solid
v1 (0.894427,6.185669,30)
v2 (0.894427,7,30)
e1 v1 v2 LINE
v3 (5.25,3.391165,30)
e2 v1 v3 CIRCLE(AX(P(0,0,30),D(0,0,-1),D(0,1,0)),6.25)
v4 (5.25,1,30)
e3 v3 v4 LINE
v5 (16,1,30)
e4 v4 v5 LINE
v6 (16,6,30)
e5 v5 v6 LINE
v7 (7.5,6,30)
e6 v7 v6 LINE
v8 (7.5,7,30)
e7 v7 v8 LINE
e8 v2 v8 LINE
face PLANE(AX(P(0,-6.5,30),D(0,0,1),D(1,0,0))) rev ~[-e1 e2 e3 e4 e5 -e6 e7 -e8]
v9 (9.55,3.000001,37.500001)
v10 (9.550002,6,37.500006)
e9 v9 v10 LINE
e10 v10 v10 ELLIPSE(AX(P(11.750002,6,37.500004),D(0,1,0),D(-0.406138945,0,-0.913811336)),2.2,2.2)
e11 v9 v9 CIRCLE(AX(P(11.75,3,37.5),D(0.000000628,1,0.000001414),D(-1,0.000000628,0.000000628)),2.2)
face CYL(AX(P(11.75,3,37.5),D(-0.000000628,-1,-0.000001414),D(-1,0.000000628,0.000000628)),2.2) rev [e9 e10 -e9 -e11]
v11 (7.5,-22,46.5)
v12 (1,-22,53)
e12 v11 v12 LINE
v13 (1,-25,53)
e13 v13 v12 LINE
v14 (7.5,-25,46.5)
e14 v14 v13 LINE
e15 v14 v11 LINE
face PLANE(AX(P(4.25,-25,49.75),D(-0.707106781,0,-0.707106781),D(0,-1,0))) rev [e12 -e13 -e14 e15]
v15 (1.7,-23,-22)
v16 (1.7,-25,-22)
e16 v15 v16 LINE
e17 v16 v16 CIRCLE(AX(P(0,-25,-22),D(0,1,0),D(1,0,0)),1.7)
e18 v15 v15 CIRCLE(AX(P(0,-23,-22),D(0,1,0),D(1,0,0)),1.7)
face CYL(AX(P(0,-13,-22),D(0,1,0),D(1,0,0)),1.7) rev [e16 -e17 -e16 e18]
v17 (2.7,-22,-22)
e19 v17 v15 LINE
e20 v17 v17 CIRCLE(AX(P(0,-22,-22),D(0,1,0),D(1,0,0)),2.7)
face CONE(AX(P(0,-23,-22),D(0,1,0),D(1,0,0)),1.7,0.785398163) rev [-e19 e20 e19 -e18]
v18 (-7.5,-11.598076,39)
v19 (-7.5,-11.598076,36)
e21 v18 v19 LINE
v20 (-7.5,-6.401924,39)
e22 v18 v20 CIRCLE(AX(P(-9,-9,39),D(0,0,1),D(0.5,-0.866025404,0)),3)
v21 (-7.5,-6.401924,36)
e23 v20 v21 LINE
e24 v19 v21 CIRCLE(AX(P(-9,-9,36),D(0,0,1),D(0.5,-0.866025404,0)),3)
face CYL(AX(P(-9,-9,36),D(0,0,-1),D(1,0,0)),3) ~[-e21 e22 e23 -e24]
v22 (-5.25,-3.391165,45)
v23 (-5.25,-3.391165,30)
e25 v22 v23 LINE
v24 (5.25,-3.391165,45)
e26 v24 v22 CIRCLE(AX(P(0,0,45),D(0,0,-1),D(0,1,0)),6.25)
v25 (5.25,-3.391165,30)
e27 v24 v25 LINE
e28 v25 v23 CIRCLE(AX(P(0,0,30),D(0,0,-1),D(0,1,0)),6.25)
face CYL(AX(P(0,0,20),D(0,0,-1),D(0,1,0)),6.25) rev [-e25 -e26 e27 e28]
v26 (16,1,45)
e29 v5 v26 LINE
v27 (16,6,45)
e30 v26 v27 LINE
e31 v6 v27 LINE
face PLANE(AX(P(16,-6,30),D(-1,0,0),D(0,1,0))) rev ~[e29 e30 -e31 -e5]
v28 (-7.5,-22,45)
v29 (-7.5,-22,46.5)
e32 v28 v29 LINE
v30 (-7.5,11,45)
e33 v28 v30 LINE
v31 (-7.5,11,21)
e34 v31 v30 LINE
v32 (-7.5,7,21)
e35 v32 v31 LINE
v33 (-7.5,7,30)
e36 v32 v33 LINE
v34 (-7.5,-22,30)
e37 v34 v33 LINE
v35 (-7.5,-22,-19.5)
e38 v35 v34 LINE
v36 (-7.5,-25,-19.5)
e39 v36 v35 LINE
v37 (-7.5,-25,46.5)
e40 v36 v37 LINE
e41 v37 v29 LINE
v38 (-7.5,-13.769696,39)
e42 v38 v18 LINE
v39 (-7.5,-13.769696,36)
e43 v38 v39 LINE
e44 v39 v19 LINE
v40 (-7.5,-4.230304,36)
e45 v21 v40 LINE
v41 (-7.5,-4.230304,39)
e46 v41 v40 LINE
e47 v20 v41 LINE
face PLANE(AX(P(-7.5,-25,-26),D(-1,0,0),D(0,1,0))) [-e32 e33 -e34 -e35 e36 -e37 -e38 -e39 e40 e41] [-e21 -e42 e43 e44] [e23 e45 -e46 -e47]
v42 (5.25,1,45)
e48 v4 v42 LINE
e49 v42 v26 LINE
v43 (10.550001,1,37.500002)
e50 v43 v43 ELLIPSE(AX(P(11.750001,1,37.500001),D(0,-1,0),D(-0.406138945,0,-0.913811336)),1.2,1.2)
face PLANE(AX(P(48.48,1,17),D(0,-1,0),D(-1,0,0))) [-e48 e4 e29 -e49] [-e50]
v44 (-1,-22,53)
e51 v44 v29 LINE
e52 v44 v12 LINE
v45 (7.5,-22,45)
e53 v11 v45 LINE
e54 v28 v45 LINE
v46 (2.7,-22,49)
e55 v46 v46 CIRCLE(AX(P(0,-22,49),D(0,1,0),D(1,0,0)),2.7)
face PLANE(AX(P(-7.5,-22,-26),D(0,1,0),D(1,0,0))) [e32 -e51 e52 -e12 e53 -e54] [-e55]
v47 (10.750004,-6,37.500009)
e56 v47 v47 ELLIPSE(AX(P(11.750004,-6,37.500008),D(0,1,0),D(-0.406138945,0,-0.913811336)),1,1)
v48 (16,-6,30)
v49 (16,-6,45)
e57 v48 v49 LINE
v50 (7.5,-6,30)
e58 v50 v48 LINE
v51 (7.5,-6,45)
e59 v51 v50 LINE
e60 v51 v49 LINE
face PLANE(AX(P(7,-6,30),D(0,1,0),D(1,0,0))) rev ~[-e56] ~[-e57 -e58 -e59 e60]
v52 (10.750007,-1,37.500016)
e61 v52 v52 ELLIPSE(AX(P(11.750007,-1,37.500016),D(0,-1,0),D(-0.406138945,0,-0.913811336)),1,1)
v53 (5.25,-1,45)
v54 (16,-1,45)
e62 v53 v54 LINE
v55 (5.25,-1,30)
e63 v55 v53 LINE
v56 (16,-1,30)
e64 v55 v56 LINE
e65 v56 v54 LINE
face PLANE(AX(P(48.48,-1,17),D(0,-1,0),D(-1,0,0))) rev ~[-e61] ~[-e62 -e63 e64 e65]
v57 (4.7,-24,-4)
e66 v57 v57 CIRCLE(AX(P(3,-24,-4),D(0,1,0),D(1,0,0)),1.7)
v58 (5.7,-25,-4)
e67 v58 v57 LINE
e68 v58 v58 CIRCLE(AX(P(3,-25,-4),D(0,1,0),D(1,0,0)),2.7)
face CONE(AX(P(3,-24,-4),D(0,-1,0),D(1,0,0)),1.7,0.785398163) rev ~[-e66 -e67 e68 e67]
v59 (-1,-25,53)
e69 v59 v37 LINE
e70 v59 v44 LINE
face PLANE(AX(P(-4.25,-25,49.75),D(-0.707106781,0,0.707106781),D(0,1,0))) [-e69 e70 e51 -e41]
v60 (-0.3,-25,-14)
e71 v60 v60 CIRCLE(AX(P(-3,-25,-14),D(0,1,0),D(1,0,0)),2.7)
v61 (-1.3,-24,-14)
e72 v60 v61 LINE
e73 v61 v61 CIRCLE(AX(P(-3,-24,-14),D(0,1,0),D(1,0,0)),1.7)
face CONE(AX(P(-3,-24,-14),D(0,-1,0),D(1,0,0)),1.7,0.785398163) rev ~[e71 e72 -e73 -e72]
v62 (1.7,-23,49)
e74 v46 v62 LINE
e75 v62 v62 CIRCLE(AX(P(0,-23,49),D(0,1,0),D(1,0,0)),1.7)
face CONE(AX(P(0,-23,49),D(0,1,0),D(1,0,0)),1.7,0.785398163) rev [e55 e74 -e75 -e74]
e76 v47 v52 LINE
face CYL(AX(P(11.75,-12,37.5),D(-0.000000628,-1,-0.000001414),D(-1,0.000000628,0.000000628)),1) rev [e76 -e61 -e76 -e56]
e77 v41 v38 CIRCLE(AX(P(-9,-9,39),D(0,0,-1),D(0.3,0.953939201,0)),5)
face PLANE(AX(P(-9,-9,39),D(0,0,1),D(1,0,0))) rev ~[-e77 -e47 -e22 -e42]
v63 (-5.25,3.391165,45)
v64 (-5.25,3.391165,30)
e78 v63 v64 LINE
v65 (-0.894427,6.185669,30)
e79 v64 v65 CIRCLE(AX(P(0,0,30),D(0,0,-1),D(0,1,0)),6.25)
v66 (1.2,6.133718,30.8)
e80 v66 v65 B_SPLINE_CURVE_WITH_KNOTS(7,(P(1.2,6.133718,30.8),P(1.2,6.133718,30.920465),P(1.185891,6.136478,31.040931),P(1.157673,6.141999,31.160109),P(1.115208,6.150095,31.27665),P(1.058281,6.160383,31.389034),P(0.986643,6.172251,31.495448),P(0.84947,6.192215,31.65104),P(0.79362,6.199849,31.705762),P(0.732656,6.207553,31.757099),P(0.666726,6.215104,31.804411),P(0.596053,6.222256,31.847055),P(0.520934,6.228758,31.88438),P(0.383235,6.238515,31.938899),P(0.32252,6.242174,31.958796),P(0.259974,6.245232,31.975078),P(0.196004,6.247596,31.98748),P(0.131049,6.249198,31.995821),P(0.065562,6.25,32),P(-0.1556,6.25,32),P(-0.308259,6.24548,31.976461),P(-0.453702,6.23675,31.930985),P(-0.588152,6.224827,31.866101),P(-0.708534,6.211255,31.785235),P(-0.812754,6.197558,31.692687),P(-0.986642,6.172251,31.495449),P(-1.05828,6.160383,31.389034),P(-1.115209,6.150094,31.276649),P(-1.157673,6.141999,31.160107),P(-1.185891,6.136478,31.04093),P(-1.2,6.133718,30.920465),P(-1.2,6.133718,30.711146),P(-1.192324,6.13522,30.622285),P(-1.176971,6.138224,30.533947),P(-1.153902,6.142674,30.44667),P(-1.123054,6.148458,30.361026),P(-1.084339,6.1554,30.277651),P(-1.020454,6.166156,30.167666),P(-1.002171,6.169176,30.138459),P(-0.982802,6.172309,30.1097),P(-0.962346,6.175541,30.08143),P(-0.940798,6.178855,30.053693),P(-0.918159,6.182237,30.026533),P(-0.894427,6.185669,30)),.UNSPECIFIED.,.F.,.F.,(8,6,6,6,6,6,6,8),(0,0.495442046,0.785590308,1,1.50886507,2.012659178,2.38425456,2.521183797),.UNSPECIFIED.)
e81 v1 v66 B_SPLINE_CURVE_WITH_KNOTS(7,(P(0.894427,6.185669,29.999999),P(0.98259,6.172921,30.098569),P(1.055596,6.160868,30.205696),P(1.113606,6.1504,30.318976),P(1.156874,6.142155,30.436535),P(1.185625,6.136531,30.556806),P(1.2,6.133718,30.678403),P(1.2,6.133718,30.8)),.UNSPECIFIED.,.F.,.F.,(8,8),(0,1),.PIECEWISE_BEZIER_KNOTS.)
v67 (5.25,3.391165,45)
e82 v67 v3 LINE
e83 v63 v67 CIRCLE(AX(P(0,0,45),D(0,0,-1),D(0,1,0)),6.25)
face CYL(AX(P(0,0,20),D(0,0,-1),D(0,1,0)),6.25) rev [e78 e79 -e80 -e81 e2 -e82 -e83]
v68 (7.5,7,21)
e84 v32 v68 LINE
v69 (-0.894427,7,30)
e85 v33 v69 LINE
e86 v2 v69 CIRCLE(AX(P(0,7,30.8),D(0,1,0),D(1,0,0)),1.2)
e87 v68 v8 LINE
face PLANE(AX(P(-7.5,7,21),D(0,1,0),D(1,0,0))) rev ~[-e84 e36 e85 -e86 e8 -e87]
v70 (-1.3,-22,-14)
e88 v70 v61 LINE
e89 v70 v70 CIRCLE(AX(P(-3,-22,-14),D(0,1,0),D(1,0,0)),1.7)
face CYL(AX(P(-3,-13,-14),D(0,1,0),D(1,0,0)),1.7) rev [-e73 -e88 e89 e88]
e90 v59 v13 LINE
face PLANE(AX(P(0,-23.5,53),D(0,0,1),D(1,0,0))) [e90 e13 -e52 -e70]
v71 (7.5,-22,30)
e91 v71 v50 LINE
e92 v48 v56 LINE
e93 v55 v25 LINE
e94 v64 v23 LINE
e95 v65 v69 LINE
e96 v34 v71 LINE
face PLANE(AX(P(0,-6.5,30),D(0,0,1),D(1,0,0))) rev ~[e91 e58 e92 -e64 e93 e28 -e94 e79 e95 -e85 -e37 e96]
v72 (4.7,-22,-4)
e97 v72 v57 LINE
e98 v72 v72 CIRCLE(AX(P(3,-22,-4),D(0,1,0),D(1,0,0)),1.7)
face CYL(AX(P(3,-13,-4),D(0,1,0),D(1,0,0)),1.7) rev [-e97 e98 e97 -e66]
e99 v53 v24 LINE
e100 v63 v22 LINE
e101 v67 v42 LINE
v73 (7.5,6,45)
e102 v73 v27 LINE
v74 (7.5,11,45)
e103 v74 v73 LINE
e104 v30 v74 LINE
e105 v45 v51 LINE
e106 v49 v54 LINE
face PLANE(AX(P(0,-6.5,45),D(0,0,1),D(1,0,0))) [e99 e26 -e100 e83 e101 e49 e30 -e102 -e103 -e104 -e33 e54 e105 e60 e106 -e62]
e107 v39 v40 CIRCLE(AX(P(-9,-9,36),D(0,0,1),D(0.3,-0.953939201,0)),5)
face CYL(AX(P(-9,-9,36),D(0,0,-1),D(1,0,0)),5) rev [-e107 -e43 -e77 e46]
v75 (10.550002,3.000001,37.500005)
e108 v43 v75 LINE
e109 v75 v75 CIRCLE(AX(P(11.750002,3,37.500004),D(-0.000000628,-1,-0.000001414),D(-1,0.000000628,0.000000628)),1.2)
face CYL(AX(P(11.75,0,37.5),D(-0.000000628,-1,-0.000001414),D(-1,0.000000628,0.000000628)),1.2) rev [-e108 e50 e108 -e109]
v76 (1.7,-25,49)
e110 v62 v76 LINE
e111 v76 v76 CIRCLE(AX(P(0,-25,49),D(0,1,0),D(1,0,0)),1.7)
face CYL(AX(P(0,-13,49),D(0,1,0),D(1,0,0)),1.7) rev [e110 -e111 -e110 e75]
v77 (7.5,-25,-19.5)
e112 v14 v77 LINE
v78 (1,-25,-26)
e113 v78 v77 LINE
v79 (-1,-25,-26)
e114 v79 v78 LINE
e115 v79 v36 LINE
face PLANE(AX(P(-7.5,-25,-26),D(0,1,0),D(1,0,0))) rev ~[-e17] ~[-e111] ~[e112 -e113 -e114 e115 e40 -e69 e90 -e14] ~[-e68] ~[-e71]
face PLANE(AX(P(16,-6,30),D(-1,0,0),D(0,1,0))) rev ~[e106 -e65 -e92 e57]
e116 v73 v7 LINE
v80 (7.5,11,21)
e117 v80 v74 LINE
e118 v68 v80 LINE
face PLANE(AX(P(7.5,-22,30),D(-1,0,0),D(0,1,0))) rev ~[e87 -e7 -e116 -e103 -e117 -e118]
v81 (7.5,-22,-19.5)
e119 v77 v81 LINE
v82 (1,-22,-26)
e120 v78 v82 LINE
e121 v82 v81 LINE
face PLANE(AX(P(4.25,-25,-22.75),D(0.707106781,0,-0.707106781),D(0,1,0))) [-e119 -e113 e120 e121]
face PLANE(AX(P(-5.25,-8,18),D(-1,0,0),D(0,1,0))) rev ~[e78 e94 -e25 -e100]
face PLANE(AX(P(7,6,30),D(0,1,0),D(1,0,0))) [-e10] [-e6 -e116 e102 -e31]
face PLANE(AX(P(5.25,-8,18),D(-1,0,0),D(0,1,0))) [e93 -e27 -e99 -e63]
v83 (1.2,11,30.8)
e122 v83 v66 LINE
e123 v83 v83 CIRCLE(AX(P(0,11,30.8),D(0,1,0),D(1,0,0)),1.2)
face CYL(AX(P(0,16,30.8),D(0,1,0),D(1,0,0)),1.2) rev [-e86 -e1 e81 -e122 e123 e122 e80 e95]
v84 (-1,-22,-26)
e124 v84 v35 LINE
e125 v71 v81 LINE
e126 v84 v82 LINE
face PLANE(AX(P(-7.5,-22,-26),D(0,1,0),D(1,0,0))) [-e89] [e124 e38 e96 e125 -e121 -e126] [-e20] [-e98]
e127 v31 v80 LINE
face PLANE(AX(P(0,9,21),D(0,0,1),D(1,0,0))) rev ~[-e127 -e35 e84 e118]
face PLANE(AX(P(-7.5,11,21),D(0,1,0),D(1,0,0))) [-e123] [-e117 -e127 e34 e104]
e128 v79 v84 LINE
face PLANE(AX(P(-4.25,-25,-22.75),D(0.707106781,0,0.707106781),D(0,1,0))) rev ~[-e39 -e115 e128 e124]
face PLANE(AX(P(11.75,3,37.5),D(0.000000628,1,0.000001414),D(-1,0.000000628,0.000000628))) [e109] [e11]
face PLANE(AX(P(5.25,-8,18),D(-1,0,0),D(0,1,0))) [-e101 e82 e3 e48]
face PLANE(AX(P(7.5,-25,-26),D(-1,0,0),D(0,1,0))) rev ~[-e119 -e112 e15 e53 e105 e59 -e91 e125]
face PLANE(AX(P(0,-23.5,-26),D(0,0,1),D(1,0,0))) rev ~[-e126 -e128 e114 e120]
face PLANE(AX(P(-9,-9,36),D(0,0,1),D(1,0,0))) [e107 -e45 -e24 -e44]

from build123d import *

# Parameters (mm, degrees)
CYLINDER099_R               = 3
CYLINDER099_DEPTH           = 3
CYLINDER098_R               = 5
CYLINDER098_DEPTH           = 3
CYLINDER090_R               = 1.2
CYLINDER090_DEPTH           = 13
CYLINDER091_R               = 1
CYLINDER091_DEPTH           = 12
CYLINDER091_ROLL_ANGLE      = 89.999919
CYLINDER091_PITCH_ANGLE     = -3.6e-05
CYLINDER091_PLACEMENT_ANGLE = 179.999964
CYLINDER069_R               = 2.2
CYLINDER069_DEPTH           = 12
CYLINDER069_ROLL_ANGLE      = 89.999919
CYLINDER069_PITCH_ANGLE     = -3.6e-05
CYLINDER069_PLACEMENT_ANGLE = 179.999964
CYLINDER068_R               = 1.2
CYLINDER068_DEPTH           = 12
CYLINDER068_ROLL_ANGLE      = 89.999919
CYLINDER068_PITCH_ANGLE     = -3.6e-05
CYLINDER068_PLACEMENT_ANGLE = 179.999964
BOX406016_W                 = 49
BOX406016_H                 = 2
BOX406016_DEPTH             = 32
BOX406008016_W              = 9
BOX406008016_H              = 12
BOX406008016_DEPTH          = 15
BOX406017_W                 = 16
BOX406017_H                 = 10.5
BOX406017_DEPTH             = 28
CYLINDER067_R               = 6.25
CYLINDER067_DEPTH           = 26
COMMON004_PLACEMENT_ANGLE   = 90
BOX406008015_W              = 15
BOX406008015_H              = 31
BOX406008015_DEPTH          = 15
BOX406008017_W              = 15
BOX406008017_H              = 4
BOX406008017_DEPTH          = 24
CYLINDER096_R               = 1.7
CYLINDER096_DEPTH           = 21
BOX_W                       = 15
BOX_H                       = 3
BOX_DEPTH                   = 8
CYLINDER097_R               = 1.7
CYLINDER097_DEPTH           = 21
BOX406008018_W              = 15
BOX406008018_H              = 3
BOX406008018_DEPTH          = 8
CHAMFER005_SIZE             = 1
CYLINDER093_R               = 1.7
CYLINDER093_DEPTH           = 21
CYLINDER092_R               = 1.7
CYLINDER092_DEPTH           = 21
BOX406008014_W              = 15
BOX406008014_H              = 3
BOX406008014_DEPTH          = 63
CHAMFER006_SIZE             = 1
CHAMFER007_SIZE             = 6.5


with BuildPart() as cylinder099:
    # Cylinder099 → Cylinder099 (new body)
    with BuildSketch(Plane(origin=(-9, -9, 36), x_dir=(1, 0, 0), z_dir=(0, 0, 1))):
        Circle(CYLINDER099_R)
    extrude(amount=CYLINDER099_DEPTH)


with BuildPart() as cut081:
    # Cylinder098 → Cylinder098 (new body)
    with BuildSketch(Plane(origin=(-9, -9, 36), x_dir=(1, 0, 0), z_dir=(0, 0, 1))):
        Circle(CYLINDER098_R)
    extrude(amount=CYLINDER098_DEPTH)

    # Cut081: cut Cylinder099
    add(cylinder099.part, mode=Mode.SUBTRACT)


with BuildPart() as cylinder084:
    # Cylinder090 → Cylinder090 (new body)
    with BuildSketch(Plane(origin=(0, 16, 35.8), x_dir=(1, 0, 0), z_dir=(0, -1, 0))):
        Circle(CYLINDER090_R)
    extrude(amount=CYLINDER090_DEPTH)


with BuildPart() as cylinder091:
    # Cylinder091 → Cylinder091 (new body)
    with BuildSketch(Plane.XY):
        Circle(CYLINDER091_R)
    extrude(amount=CYLINDER091_DEPTH)


with BuildPart() as cylinder091_1:
    # Cylinder091 roll: moved
    add(cylinder091.part.rotate(Axis((0, 0, 0), (1, 0, 0)), CYLINDER091_ROLL_ANGLE))


with BuildPart() as cylinder091_2:
    # Cylinder091 pitch: moved
    add(cylinder091_1.part.rotate(Axis((0, 0, 0), (0, 1, 0)), CYLINDER091_PITCH_ANGLE))


with BuildPart() as cylinder091_3:
    # Cylinder091 placement: moved
    add(cylinder091_2.part.moved(Location((11.75, -12, 42.5))).rotate(Axis((11.75, -12, 42.5), (0, 0, 1)), CYLINDER091_PLACEMENT_ANGLE))


with BuildPart() as cylinder069:
    # Cylinder069 → Cylinder069 (new body)
    with BuildSketch(Plane.XY):
        Circle(CYLINDER069_R)
    extrude(amount=CYLINDER069_DEPTH)


with BuildPart() as cylinder069_1:
    # Cylinder069 roll: moved
    add(cylinder069.part.rotate(Axis((0, 0, 0), (1, 0, 0)), CYLINDER069_ROLL_ANGLE))


with BuildPart() as cylinder069_2:
    # Cylinder069 pitch: moved
    add(cylinder069_1.part.rotate(Axis((0, 0, 0), (0, 1, 0)), CYLINDER069_PITCH_ANGLE))


with BuildPart() as cylinder069_3:
    # Cylinder069 placement: moved
    add(cylinder069_2.part.moved(Location((11.75, 3, 42.5))).rotate(Axis((11.75, 3, 42.5), (0, 0, 1)), CYLINDER069_PLACEMENT_ANGLE))


with BuildPart() as fusion103077013004017011:
    # Cylinder068 → Cylinder068 (new body)
    with BuildSketch(Plane.XY):
        Circle(CYLINDER068_R)
    extrude(amount=CYLINDER068_DEPTH)


with BuildPart() as fusion103077013004017011_1:
    # Cylinder068 roll: moved
    add(fusion103077013004017011.part.rotate(Axis((0, 0, 0), (1, 0, 0)), CYLINDER068_ROLL_ANGLE))


with BuildPart() as fusion103077013004017011_2:
    # Cylinder068 pitch: moved
    add(fusion103077013004017011_1.part.rotate(Axis((0, 0, 0), (0, 1, 0)), CYLINDER068_PITCH_ANGLE))


with BuildPart() as fusion103077013004017011_3:
    # Cylinder068 placement: moved
    add(fusion103077013004017011_2.part.moved(Location((11.75, 0, 42.5))).rotate(Axis((11.75, 0, 42.5), (0, 0, 1)), CYLINDER068_PLACEMENT_ANGLE))

    # Fusion103077013: union Cylinder069
    add(cylinder069_3.part)

    # Fusion103077013004017011: union Cylinder091
    add(cylinder091_3.part)


with BuildPart() as clamp_slot:
    # Box406016 → Box406016 (new body)
    with BuildSketch(Plane(origin=(48.48, 1, 22), x_dir=(-1, 0, 0), z_dir=(0, 0, 1))):
        with Locations((24.5, 1)):
            Rectangle(BOX406016_W, BOX406016_H)
    extrude(amount=BOX406016_DEPTH)


with BuildPart() as cube351:
    # Box406008016 → Box406008016 (new body)
    with BuildSketch(Plane(origin=(7, -6, 35), x_dir=(1, 0, 0), z_dir=(0, 0, 1))):
        with Locations((4.5, 6)):
            Rectangle(BOX406008016_W, BOX406008016_H)
    extrude(amount=BOX406008016_DEPTH)


with BuildPart() as gearbox001:
    # Box406017 → Box406017 (new body)
    with BuildSketch(Plane(origin=(-8, -5.25, 18), x_dir=(1, 0, 0), z_dir=(0, 0, 1))):
        with Locations((8, 5.25)):
            Rectangle(BOX406017_W, BOX406017_H)
    extrude(amount=BOX406017_DEPTH)


with BuildPart() as motor_hole:
    # Cylinder067 → Cylinder067 (new body)
    with BuildSketch(Plane.XY.offset(20)):
        Circle(CYLINDER067_R)
    extrude(amount=CYLINDER067_DEPTH)

    # Common004: intersect gearbox001
    add(gearbox001.part, mode=Mode.INTERSECT)


with BuildPart() as motor_hole_1:
    # Common004 placement: moved
    add(motor_hole.part.moved(Location((0, 0, 5))).rotate(Axis((0, 0, 5), (0, 0, 1)), COMMON004_PLACEMENT_ANGLE))


with BuildPart() as cut075:
    # Box406008015 → Box406008015 (new body)
    with BuildSketch(Plane(origin=(-7.5, -22, 35), x_dir=(1, 0, 0), z_dir=(0, 0, 1))):
        with Locations((7.5, 15.5)):
            Rectangle(BOX406008015_W, BOX406008015_H)
    extrude(amount=BOX406008015_DEPTH)

    # Cut073: cut motor-hole
    add(motor_hole_1.part, mode=Mode.SUBTRACT)

    # Fusion103077013004017010: union Cube351
    add(cube351.part)

    # Cut074: cut clamp-slot
    add(clamp_slot.part, mode=Mode.SUBTRACT)

    # Cut075: cut Fusion103077013004017011
    add(fusion103077013004017011_3.part, mode=Mode.SUBTRACT)


with BuildPart() as cut082:
    # Box406008017 → Box406008017 (new body)
    with BuildSketch(Plane(origin=(-7.5, 7, 26), x_dir=(1, 0, 0), z_dir=(0, 0, 1))):
        with Locations((7.5, 2)):
            Rectangle(BOX406008017_W, BOX406008017_H)
    extrude(amount=BOX406008017_DEPTH)

    # Fusion103077013004017012: union Cut075
    add(cut075.part)

    # Cut076: cut Cylinder084
    add(cylinder084.part, mode=Mode.SUBTRACT)


with BuildPart() as cut082_1:
    # Cut076 placement: moved
    add(cut082.part.moved(Location((0, 0, -5))))

    # Cut082: cut Cut081
    add(cut081.part, mode=Mode.SUBTRACT)


with BuildPart() as cylinder096:
    # Cylinder096 → Cylinder096 (new body)
    with BuildSketch(Plane(origin=(0, -13, 49), x_dir=(1, 0, 0), z_dir=(0, -1, 0))):
        Circle(CYLINDER096_R)
    extrude(amount=CYLINDER096_DEPTH)


with BuildPart() as cut080:
    # Box → Box (new body)
    with BuildSketch(Plane(origin=(-7.5, -25, 45), x_dir=(1, 0, 0), z_dir=(0, 0, 1))):
        with Locations((7.5, 1.5)):
            Rectangle(BOX_W, BOX_H)
    extrude(amount=BOX_DEPTH)

    # Cut080: cut Cylinder096
    add(cylinder096.part, mode=Mode.SUBTRACT)


with BuildPart() as cylinder097:
    # Cylinder097 → Cylinder097 (new body)
    with BuildSketch(Plane(origin=(0, -13, -22), x_dir=(1, 0, 0), z_dir=(0, -1, 0))):
        Circle(CYLINDER097_R)
    extrude(amount=CYLINDER097_DEPTH)


with BuildPart() as chamfer005:
    # Box406008018 → Box406008018 (new body)
    with BuildSketch(Plane(origin=(-7.5, -25, -26), x_dir=(1, 0, 0), z_dir=(0, 0, 1))):
        with Locations((7.5, 1.5)):
            Rectangle(BOX406008018_W, BOX406008018_H)
    extrude(amount=BOX406008018_DEPTH)

    # Cut079: cut Cylinder097
    add(cylinder097.part, mode=Mode.SUBTRACT)

    # Fusion103077013004017015: union Cut080
    add(cut080.part)

    # Chamfer005
    chamfer005_edges = [chamfer005.edges().sort_by_distance(p)[0] for p in [
        (-1.7, -22, -22),
        (-1.7, -22, 49),
    ]]
    chamfer(chamfer005_edges, length=CHAMFER005_SIZE)


with BuildPart() as cylinder093:
    # Cylinder093 → Cylinder093 (new body)
    with BuildSketch(Plane(origin=(3, -13, -4), x_dir=(1, 0, 0), z_dir=(0, -1, 0))):
        Circle(CYLINDER093_R)
    extrude(amount=CYLINDER093_DEPTH)


with BuildPart() as fusion103077013004017013:
    # Cylinder092 → Cylinder092 (new body)
    with BuildSketch(Plane(origin=(-3, -13, -14), x_dir=(1, 0, 0), z_dir=(0, -1, 0))):
        Circle(CYLINDER092_R)
    extrude(amount=CYLINDER092_DEPTH)

    # Fusion103077013004017013: union Cylinder093
    add(cylinder093.part)


with BuildPart() as fusion103077013004017017:
    # Box406008014 → Box406008014 (new body)
    with BuildSketch(Plane(origin=(-7.5, -25, -18), x_dir=(1, 0, 0), z_dir=(0, 0, 1))):
        with Locations((7.5, 1.5)):
            Rectangle(BOX406008014_W, BOX406008014_H)
    extrude(amount=BOX406008014_DEPTH)

    # Cut077: cut Fusion103077013004017013
    add(fusion103077013004017013.part, mode=Mode.SUBTRACT)

    # Chamfer006
    chamfer006_edges = [fusion103077013004017017.edges().sort_by_distance(p)[0] for p in [
        (-4.7, -25, -14),
        (1.3, -25, -4),
    ]]
    chamfer(chamfer006_edges, length=CHAMFER006_SIZE)

    # Fusion103077013004017016: union Chamfer005
    add(chamfer005.part)

    # Chamfer007
    chamfer007_edges = [fusion103077013004017017.edges().sort_by_distance(p)[0] for p in [
        (-7.5, -23.5, -26),
        (7.5, -23.5, -26),
        (7.5, -23.5, 53),
        (-7.5, -23.5, 53),
    ]]
    chamfer(chamfer007_edges, length=CHAMFER007_SIZE)

    # Fusion103077013004017017: union Cut082
    add(cut082_1.part)


solid = fusion103077013004017017.part
